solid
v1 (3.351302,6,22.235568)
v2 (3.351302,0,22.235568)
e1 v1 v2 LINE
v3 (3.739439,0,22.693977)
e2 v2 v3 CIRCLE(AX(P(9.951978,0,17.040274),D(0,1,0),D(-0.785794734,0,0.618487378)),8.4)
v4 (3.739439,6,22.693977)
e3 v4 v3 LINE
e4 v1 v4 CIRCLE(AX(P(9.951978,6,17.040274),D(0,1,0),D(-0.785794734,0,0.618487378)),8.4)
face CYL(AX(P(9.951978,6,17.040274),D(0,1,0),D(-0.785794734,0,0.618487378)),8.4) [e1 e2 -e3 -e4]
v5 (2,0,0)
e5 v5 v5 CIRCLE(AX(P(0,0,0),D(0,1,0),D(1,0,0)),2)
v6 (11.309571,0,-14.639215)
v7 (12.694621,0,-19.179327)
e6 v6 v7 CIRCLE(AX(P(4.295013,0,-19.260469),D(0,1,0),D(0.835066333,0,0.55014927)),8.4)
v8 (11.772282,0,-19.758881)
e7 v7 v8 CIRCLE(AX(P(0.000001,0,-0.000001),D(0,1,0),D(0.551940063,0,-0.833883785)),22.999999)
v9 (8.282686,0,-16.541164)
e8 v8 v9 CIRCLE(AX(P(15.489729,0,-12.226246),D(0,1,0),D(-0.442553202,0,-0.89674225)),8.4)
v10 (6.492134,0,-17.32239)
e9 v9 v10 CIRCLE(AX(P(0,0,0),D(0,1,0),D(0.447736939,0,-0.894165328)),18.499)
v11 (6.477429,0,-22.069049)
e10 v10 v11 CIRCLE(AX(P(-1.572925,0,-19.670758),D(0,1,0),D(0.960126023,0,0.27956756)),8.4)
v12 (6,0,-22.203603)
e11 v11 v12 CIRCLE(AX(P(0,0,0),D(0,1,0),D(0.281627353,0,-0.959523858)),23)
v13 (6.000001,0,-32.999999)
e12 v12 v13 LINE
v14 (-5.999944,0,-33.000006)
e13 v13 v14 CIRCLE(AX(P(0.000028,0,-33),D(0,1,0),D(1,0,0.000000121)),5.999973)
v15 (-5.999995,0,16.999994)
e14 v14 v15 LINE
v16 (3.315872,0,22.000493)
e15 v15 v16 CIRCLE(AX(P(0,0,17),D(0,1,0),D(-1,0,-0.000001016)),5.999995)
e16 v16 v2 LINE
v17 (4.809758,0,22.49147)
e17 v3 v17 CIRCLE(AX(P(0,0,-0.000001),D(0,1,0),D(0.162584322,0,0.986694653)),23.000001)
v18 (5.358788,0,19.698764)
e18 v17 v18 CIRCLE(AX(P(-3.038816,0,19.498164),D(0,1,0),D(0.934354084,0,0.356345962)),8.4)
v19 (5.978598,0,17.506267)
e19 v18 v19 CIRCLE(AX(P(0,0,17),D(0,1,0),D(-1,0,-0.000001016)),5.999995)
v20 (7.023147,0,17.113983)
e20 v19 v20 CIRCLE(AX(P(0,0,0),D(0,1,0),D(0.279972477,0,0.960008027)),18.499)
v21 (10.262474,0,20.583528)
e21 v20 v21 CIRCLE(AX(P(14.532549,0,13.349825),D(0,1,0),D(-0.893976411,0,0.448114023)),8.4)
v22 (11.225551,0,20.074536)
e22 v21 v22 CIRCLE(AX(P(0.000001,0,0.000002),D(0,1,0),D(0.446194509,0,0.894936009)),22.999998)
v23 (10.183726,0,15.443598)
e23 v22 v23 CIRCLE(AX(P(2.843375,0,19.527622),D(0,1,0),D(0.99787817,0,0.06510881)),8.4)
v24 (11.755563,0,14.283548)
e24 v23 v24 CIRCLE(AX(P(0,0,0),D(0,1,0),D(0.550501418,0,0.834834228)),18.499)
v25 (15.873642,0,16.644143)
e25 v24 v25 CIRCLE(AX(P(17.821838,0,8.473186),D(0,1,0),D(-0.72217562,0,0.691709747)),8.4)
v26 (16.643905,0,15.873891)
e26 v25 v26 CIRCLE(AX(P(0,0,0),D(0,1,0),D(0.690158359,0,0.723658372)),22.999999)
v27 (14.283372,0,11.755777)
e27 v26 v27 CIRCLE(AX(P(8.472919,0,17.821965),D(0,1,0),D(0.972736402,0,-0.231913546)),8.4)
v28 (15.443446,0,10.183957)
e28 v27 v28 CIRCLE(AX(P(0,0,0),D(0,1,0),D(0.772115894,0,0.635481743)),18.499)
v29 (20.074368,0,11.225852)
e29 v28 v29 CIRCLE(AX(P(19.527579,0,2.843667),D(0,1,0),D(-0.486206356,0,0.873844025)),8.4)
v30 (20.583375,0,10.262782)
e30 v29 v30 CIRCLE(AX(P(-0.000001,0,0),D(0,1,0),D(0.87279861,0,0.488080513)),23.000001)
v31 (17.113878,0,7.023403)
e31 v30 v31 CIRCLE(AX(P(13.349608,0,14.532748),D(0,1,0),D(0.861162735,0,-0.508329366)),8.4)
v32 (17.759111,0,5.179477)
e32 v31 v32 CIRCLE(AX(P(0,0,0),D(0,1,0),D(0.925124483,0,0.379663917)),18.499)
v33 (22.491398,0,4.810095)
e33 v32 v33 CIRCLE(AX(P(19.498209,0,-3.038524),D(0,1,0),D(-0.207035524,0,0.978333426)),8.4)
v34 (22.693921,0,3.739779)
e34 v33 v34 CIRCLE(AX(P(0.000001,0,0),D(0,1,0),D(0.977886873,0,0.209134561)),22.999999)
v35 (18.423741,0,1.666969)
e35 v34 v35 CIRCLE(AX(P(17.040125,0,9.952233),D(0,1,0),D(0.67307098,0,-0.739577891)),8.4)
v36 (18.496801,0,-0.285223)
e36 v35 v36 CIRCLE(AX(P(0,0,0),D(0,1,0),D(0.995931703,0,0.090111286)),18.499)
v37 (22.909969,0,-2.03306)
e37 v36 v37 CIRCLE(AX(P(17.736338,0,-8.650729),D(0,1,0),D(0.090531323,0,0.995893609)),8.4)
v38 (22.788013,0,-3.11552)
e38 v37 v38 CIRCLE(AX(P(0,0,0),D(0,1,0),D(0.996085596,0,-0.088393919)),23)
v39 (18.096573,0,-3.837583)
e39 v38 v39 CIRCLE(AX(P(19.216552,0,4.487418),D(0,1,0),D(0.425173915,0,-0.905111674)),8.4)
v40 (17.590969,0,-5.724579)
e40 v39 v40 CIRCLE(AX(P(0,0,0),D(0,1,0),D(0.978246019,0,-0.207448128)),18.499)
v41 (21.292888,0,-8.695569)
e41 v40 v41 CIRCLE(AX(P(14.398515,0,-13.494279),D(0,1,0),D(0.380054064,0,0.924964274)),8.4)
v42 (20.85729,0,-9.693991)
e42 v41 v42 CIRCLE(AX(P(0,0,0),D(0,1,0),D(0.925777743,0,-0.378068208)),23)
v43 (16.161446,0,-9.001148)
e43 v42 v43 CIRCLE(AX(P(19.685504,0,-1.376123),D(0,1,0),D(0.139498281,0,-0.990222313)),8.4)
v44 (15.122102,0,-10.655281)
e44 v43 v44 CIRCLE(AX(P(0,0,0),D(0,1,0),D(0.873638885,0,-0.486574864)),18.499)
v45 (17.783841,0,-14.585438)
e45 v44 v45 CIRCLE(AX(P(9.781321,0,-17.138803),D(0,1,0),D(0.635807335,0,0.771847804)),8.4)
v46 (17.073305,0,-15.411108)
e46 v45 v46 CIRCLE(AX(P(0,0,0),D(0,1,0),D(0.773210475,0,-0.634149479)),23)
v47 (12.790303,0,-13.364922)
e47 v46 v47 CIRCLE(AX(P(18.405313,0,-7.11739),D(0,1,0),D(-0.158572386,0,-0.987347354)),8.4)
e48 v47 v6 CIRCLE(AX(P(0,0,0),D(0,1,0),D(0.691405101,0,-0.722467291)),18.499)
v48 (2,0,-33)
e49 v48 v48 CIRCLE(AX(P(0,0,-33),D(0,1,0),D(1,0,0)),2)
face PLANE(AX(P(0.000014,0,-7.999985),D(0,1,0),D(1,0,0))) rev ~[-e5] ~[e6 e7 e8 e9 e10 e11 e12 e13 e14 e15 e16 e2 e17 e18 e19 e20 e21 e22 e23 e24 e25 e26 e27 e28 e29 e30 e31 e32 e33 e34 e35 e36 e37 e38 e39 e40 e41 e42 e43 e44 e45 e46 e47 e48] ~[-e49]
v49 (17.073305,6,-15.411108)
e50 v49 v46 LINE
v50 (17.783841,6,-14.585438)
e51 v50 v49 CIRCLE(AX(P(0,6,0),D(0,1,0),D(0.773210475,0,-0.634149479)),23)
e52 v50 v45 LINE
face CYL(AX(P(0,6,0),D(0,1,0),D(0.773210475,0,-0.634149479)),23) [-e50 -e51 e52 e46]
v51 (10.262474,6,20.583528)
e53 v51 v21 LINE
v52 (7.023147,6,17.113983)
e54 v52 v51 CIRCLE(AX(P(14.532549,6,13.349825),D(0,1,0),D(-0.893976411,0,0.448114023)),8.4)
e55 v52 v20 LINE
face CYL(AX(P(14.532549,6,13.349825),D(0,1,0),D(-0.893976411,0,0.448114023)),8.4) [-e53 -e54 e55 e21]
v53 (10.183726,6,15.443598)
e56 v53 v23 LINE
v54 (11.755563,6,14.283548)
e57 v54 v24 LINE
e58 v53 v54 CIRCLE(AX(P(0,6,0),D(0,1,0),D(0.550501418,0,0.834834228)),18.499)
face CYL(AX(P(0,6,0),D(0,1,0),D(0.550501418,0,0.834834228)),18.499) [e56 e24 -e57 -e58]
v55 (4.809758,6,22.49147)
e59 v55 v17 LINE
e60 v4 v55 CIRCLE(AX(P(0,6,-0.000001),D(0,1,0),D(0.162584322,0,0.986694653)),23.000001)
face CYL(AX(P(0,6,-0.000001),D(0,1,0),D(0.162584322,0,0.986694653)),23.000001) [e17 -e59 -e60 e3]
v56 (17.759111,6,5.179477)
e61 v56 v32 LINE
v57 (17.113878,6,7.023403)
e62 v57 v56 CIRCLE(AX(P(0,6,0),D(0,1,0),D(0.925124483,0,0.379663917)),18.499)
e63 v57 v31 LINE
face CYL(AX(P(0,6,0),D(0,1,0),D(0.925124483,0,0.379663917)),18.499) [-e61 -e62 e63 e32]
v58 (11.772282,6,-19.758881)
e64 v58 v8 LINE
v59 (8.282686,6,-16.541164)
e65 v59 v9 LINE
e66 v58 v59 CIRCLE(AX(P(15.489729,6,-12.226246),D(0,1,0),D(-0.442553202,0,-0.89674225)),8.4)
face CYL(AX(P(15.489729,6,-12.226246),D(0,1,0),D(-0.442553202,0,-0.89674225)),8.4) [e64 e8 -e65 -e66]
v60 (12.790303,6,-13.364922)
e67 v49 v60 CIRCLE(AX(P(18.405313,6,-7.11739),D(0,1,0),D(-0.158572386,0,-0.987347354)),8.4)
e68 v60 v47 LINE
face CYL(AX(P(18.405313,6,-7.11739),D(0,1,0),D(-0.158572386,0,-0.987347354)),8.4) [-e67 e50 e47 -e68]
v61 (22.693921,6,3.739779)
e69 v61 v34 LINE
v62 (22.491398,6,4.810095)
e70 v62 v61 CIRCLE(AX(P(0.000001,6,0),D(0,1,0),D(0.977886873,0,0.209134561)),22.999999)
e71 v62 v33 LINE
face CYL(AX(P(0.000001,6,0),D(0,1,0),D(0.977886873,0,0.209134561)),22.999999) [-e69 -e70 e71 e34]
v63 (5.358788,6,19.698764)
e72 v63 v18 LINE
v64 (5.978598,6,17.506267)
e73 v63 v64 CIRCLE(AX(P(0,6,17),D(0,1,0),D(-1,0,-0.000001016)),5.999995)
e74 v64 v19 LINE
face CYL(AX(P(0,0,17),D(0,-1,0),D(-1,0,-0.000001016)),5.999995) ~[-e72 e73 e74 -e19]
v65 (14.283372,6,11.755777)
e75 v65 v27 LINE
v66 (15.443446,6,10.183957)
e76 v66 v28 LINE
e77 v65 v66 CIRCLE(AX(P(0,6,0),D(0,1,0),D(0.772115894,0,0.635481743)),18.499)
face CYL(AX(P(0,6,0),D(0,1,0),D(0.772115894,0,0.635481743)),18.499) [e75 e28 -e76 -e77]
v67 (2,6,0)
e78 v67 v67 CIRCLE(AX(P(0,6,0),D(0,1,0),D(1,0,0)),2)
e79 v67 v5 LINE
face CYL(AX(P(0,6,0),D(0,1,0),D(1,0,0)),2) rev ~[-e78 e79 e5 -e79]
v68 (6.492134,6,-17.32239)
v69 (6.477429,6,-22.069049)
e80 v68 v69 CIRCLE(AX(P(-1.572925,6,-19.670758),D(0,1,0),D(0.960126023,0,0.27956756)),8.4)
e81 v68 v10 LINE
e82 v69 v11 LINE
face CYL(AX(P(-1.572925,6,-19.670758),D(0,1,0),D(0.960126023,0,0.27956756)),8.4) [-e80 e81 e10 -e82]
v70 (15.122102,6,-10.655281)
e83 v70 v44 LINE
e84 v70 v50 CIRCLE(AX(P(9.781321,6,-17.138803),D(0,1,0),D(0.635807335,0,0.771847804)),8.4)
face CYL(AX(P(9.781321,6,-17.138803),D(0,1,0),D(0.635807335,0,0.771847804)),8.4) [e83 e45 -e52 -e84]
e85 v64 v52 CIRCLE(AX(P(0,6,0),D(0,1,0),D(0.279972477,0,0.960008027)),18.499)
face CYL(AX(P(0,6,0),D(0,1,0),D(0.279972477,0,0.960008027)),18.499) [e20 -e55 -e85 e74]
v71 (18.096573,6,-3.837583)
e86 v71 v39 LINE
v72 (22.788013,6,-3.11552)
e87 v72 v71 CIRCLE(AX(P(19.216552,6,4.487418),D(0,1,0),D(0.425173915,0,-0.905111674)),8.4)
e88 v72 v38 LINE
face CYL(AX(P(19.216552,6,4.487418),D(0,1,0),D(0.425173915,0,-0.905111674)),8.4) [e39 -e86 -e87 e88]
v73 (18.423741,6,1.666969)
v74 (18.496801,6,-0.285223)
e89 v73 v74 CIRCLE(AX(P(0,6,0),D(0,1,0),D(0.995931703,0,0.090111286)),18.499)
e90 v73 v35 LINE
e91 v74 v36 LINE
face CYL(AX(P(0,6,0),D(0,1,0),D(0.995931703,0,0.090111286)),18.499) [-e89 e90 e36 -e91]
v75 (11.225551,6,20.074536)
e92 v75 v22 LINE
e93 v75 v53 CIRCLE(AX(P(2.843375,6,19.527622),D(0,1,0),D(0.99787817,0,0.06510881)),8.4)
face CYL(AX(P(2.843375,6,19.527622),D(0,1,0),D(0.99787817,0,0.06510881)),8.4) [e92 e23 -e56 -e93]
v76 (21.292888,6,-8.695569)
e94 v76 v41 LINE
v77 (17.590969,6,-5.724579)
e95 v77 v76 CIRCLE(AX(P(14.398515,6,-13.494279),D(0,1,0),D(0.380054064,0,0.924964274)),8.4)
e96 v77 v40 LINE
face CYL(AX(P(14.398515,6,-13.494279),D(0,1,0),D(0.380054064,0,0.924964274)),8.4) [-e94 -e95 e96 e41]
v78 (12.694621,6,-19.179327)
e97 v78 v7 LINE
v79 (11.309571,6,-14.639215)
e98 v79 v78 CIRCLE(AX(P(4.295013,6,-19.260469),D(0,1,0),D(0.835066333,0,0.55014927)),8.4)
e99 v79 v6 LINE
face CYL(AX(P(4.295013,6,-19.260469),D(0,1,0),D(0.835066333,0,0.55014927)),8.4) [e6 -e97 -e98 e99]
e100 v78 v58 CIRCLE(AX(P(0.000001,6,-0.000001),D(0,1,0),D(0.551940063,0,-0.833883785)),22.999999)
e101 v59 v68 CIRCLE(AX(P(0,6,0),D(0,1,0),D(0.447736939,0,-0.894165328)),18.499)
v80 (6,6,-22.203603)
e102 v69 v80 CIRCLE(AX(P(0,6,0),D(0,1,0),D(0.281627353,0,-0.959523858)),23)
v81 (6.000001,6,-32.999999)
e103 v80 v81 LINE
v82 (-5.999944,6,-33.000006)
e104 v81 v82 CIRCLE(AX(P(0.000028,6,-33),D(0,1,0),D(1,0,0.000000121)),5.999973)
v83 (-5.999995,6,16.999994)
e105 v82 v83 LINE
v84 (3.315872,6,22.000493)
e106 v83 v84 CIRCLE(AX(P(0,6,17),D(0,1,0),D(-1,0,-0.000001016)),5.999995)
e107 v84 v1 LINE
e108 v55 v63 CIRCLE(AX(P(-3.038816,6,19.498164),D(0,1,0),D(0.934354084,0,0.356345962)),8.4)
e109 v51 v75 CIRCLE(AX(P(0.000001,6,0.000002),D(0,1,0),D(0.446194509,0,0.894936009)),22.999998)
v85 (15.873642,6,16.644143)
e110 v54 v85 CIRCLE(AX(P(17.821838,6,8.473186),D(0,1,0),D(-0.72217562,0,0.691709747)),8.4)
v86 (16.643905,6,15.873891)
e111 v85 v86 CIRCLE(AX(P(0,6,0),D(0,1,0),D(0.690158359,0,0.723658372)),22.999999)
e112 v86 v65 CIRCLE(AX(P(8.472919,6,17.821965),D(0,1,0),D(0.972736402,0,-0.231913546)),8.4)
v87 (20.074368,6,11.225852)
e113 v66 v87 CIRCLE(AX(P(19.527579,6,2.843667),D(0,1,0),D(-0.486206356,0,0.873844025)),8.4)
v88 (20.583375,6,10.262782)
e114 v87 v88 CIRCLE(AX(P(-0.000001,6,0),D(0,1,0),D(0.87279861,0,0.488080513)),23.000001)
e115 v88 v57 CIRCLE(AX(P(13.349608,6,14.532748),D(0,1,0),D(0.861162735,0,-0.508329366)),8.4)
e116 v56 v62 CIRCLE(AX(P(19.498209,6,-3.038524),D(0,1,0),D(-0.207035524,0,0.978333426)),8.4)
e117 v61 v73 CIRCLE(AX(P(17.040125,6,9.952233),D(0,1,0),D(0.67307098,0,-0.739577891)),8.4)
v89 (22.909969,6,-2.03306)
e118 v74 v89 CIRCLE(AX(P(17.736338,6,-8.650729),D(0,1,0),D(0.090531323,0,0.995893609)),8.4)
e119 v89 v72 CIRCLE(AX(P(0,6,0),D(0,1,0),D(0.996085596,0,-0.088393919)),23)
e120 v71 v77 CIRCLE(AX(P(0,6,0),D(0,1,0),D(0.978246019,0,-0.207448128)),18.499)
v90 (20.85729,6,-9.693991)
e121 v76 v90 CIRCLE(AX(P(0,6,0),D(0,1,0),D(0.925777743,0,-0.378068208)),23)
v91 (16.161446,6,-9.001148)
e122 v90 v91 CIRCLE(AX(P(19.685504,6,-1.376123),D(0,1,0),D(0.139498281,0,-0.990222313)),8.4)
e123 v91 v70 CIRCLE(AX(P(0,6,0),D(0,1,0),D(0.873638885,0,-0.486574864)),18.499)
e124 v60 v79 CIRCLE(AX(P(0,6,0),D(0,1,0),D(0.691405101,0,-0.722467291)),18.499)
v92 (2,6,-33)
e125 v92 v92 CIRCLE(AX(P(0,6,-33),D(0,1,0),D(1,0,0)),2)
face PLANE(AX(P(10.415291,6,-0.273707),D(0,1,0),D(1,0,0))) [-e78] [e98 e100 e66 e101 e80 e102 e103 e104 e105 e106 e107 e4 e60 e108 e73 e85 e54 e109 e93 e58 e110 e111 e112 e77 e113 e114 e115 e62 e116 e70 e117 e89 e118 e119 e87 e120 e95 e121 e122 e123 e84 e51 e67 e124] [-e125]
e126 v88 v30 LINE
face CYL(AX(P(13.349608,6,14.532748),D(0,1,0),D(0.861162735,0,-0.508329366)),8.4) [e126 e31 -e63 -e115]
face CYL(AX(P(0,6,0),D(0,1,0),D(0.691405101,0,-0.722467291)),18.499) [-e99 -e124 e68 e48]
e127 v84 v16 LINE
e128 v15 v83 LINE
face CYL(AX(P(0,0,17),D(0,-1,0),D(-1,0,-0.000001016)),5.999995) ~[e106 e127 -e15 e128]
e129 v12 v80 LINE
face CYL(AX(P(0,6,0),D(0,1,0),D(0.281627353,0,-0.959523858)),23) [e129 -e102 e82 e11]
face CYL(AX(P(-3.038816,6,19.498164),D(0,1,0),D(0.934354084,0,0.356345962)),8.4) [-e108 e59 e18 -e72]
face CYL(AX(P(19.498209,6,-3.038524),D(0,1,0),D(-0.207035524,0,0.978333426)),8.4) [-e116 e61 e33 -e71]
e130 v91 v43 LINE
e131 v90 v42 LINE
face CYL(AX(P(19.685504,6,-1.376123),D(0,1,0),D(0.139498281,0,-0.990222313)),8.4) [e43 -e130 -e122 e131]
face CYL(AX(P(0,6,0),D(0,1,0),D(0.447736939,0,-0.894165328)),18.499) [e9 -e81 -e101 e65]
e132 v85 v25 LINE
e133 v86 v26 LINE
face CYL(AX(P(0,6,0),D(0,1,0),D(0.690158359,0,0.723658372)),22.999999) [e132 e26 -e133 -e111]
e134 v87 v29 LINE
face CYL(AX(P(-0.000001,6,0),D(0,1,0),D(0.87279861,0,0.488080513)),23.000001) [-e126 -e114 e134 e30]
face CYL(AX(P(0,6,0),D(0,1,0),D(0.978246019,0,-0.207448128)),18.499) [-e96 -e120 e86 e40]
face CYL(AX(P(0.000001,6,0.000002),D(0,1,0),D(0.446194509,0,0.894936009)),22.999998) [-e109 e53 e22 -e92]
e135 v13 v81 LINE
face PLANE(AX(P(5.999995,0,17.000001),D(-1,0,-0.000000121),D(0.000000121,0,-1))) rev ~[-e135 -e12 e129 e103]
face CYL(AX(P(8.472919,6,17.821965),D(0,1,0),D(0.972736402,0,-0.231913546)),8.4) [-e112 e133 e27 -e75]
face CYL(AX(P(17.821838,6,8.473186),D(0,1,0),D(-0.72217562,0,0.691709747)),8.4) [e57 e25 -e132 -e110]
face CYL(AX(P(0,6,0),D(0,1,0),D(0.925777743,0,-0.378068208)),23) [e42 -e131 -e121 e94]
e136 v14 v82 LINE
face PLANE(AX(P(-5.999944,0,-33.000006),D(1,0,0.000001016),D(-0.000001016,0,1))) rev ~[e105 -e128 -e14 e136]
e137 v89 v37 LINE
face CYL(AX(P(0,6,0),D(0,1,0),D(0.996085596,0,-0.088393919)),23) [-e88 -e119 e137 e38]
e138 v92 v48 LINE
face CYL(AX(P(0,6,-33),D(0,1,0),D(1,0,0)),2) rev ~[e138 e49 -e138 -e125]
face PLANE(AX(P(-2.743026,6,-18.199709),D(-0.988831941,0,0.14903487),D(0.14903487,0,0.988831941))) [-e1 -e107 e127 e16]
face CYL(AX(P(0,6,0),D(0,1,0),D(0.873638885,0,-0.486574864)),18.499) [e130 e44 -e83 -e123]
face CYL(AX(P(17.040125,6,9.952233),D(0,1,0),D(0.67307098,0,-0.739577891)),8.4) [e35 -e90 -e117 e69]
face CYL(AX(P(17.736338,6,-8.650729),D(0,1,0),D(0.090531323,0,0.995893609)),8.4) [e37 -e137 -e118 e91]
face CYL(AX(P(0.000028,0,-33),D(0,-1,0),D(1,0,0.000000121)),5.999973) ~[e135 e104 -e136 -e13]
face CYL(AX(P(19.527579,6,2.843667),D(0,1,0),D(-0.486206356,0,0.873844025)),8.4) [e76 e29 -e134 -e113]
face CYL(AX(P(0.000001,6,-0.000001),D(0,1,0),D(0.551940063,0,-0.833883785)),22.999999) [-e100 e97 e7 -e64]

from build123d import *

# Parameters (mm, degrees)
BOSS_EXTRUDE1_DEPTH = 6
BOSS_EXTRUDE2_DEPTH = 6
SKETCH2_R           = 2
CUT_EXTRUDE1_DEPTH  = 7


with BuildPart() as part:
    # Sketch1 → Boss-Extrude1 (new body)
    with BuildSketch(Plane(origin=(0, 0, 0), x_dir=(1, 0, 0), z_dir=(0, 1, 0))):
        with BuildLine():
            Line((5.999994922, -17.000000726), (6.000000976, 32.999999274))
            ThreePointArc((6.000000976, 32.999999274), (3.1827e-05, 38.999972559), (-5.999944142, 33.000006094))
            Line((-5.999944142, 33.000006094), (-5.999994922, -16.999993906))
            ThreePointArc((-5.999994922, -16.999993906), (-3.41e-06, -22.999994922), (5.999994922, -17.000000726))
        make_face()
    extrude(amount=BOSS_EXTRUDE1_DEPTH)

    # Sketch4 → Boss-Extrude2 (add)
    with BuildSketch(Plane(origin=(0, 6, 0), x_dir=(1, 0, 0), z_dir=(0, 1, 0))):
        with BuildLine():
            Line((-2.743025532, 18.19970901), (3.351302477, -22.235567688))
            ThreePointArc((3.351302477, -22.235567688), (3.541272199, -22.468242769), (3.739439393, -22.693977021))
            ThreePointArc((3.739439393, -22.693977021), (4.275797924, -22.599060868), (4.809758376, -22.491470036))
            ThreePointArc((4.809758376, -22.491470036), (5.335701359, -20.15196829), (5.179210857, -17.759188492))
            ThreePointArc((5.179210857, -17.759188492), (6.10970176, -17.460943428), (7.023146788, -17.113982885))
            ThreePointArc((7.023146788, -17.113982885), (8.392641943, -19.082324182), (10.262473747, -20.583528186))
            ThreePointArc((10.262473747, -20.583528186), (10.747026347, -20.334734439), (11.225551479, -20.074535959))
            ThreePointArc((11.225551479, -20.074535959), (11.038548046, -17.683947297), (10.183725752, -15.443598376))
            ThreePointArc((10.183725752, -15.443598376), (10.984968279, -14.884336496), (11.755563092, -14.283547788))
            ThreePointArc((11.755563092, -14.283547788), (13.644394202, -15.760775419), (15.873642273, -16.644142542))
            ThreePointArc((15.873642273, -16.644142542), (16.263334316, -16.263577617), (16.643905071, -15.873891267))
            ThreePointArc((16.643905071, -15.873891267), (15.760571298, -13.644629981), (14.283371923, -11.755776772))
            ThreePointArc((14.283371923, -11.755776772), (14.884172159, -10.985190947), (15.443446026, -10.183956787))
            ThreePointArc((15.443446026, -10.183956787), (17.683782158, -11.038812596), (20.074368023, -11.225851792))
            ThreePointArc((20.074368023, -11.225851792), (20.334573661, -10.747330553), (20.583374658, -10.262781675))
            ThreePointArc((20.583374658, -10.262781675), (19.082198626, -8.392927413), (17.113877817, -7.023402811))
            ThreePointArc((17.113877817, -7.023402811), (17.460852025, -6.109962974), (17.759111009, -5.179476534))
            ThreePointArc((17.759111009, -5.179476534), (20.151888466, -5.336002831), (22.491398079, -4.810094847))
            ThreePointArc((22.491398079, -4.810094847), (22.5989969, -4.276136005), (22.693921077, -3.739778893))
            ThreePointArc((22.693921077, -3.739778893), (20.708288865, -2.395476413), (18.423740564, -1.66696869))
            ThreePointArc((18.423740564, -1.66696869), (18.486058563, -0.691837978), (18.496801044, 0.285222939))
            ThreePointArc((18.496801044, 0.285222939), (20.829411048, 0.840934203), (22.909968714, 2.033060135))
            ThreePointArc((22.909968714, 2.033060135), (22.855400089, 2.575011992), (22.788013017, 3.115519655))
            ThreePointArc((22.788013017, 3.115519655), (20.494356761, 3.814823179), (18.096573111, 3.837582915))
            ThreePointArc((18.096573111, 3.837582915), (17.868697673, 4.787759858), (17.590969135, 5.724579102))
            ThreePointArc((17.590969135, 5.724579102), (19.656149051, 6.943150542), (21.29288809, 8.695568802))
            ThreePointArc((21.29288809, 8.695568802), (21.081000682, 9.197358874), (20.857289998, 9.69399061))
            ThreePointArc((20.857289998, 9.69399061), (18.459411122, 9.686158991), (16.161445721, 9.001148437))
            ThreePointArc((16.161445721, 9.001148437), (15.66362458, 9.84194422), (15.122102421, 10.65528129))
            ThreePointArc((15.122102421, 10.65528129), (16.73635195, 12.428437486), (17.783840917, 14.58543802))
            ThreePointArc((17.783840917, 14.58543802), (17.433461851, 15.002480058), (17.073305232, 15.411107957))
            ThreePointArc((17.073305232, 15.411107957), (14.784265796, 14.696837069), (12.790302956, 13.36492242))
            ThreePointArc((12.790302956, 13.36492242), (12.066769703, 14.021628648), (11.309570545, 14.639214975))
            ThreePointArc((11.309570545, 14.639214975), (12.329456533, 16.809403218), (12.694621435, 19.179327064))
            ThreePointArc((12.694621435, 19.179327064), (12.23688343, 19.474565051), (11.77228237, 19.758880732))
            ThreePointArc((11.77228237, 19.758880732), (9.795473575, 18.401636677), (8.282685644, 16.541164395))
            ThreePointArc((8.282685644, 16.541164395), (7.397729384, 16.955429837), (6.492133694, 17.322390167))
            ThreePointArc((6.492133694, 17.322390167), (6.827034796, 19.696779708), (6.477429129, 22.069048731))
            ThreePointArc((6.477429129, 22.069048731), (5.953004215, 22.216249477), (5.425240559, 22.350990244))
            ThreePointArc((5.425240559, 22.350990244), (3.912805358, 20.430687649), (3.017264913, 18.156258137))
            ThreePointArc((3.017264913, 18.156258137), (0.138830127, 18.404736437), (-2.743025532, 18.19970901))
        make_face()
    extrude(amount=-BOSS_EXTRUDE2_DEPTH)

    # Sketch2 → Cut-Extrude1 (cut, through all)
    with BuildSketch(Plane(origin=(0, 6, 0), x_dir=(1, 0, 0), z_dir=(0, 1, 0))):
        Circle(SKETCH2_R)
        with Locations((0, 33)):
            Circle(SKETCH2_R)
    extrude(amount=-CUT_EXTRUDE1_DEPTH, mode=Mode.SUBTRACT)


solid = part.part
